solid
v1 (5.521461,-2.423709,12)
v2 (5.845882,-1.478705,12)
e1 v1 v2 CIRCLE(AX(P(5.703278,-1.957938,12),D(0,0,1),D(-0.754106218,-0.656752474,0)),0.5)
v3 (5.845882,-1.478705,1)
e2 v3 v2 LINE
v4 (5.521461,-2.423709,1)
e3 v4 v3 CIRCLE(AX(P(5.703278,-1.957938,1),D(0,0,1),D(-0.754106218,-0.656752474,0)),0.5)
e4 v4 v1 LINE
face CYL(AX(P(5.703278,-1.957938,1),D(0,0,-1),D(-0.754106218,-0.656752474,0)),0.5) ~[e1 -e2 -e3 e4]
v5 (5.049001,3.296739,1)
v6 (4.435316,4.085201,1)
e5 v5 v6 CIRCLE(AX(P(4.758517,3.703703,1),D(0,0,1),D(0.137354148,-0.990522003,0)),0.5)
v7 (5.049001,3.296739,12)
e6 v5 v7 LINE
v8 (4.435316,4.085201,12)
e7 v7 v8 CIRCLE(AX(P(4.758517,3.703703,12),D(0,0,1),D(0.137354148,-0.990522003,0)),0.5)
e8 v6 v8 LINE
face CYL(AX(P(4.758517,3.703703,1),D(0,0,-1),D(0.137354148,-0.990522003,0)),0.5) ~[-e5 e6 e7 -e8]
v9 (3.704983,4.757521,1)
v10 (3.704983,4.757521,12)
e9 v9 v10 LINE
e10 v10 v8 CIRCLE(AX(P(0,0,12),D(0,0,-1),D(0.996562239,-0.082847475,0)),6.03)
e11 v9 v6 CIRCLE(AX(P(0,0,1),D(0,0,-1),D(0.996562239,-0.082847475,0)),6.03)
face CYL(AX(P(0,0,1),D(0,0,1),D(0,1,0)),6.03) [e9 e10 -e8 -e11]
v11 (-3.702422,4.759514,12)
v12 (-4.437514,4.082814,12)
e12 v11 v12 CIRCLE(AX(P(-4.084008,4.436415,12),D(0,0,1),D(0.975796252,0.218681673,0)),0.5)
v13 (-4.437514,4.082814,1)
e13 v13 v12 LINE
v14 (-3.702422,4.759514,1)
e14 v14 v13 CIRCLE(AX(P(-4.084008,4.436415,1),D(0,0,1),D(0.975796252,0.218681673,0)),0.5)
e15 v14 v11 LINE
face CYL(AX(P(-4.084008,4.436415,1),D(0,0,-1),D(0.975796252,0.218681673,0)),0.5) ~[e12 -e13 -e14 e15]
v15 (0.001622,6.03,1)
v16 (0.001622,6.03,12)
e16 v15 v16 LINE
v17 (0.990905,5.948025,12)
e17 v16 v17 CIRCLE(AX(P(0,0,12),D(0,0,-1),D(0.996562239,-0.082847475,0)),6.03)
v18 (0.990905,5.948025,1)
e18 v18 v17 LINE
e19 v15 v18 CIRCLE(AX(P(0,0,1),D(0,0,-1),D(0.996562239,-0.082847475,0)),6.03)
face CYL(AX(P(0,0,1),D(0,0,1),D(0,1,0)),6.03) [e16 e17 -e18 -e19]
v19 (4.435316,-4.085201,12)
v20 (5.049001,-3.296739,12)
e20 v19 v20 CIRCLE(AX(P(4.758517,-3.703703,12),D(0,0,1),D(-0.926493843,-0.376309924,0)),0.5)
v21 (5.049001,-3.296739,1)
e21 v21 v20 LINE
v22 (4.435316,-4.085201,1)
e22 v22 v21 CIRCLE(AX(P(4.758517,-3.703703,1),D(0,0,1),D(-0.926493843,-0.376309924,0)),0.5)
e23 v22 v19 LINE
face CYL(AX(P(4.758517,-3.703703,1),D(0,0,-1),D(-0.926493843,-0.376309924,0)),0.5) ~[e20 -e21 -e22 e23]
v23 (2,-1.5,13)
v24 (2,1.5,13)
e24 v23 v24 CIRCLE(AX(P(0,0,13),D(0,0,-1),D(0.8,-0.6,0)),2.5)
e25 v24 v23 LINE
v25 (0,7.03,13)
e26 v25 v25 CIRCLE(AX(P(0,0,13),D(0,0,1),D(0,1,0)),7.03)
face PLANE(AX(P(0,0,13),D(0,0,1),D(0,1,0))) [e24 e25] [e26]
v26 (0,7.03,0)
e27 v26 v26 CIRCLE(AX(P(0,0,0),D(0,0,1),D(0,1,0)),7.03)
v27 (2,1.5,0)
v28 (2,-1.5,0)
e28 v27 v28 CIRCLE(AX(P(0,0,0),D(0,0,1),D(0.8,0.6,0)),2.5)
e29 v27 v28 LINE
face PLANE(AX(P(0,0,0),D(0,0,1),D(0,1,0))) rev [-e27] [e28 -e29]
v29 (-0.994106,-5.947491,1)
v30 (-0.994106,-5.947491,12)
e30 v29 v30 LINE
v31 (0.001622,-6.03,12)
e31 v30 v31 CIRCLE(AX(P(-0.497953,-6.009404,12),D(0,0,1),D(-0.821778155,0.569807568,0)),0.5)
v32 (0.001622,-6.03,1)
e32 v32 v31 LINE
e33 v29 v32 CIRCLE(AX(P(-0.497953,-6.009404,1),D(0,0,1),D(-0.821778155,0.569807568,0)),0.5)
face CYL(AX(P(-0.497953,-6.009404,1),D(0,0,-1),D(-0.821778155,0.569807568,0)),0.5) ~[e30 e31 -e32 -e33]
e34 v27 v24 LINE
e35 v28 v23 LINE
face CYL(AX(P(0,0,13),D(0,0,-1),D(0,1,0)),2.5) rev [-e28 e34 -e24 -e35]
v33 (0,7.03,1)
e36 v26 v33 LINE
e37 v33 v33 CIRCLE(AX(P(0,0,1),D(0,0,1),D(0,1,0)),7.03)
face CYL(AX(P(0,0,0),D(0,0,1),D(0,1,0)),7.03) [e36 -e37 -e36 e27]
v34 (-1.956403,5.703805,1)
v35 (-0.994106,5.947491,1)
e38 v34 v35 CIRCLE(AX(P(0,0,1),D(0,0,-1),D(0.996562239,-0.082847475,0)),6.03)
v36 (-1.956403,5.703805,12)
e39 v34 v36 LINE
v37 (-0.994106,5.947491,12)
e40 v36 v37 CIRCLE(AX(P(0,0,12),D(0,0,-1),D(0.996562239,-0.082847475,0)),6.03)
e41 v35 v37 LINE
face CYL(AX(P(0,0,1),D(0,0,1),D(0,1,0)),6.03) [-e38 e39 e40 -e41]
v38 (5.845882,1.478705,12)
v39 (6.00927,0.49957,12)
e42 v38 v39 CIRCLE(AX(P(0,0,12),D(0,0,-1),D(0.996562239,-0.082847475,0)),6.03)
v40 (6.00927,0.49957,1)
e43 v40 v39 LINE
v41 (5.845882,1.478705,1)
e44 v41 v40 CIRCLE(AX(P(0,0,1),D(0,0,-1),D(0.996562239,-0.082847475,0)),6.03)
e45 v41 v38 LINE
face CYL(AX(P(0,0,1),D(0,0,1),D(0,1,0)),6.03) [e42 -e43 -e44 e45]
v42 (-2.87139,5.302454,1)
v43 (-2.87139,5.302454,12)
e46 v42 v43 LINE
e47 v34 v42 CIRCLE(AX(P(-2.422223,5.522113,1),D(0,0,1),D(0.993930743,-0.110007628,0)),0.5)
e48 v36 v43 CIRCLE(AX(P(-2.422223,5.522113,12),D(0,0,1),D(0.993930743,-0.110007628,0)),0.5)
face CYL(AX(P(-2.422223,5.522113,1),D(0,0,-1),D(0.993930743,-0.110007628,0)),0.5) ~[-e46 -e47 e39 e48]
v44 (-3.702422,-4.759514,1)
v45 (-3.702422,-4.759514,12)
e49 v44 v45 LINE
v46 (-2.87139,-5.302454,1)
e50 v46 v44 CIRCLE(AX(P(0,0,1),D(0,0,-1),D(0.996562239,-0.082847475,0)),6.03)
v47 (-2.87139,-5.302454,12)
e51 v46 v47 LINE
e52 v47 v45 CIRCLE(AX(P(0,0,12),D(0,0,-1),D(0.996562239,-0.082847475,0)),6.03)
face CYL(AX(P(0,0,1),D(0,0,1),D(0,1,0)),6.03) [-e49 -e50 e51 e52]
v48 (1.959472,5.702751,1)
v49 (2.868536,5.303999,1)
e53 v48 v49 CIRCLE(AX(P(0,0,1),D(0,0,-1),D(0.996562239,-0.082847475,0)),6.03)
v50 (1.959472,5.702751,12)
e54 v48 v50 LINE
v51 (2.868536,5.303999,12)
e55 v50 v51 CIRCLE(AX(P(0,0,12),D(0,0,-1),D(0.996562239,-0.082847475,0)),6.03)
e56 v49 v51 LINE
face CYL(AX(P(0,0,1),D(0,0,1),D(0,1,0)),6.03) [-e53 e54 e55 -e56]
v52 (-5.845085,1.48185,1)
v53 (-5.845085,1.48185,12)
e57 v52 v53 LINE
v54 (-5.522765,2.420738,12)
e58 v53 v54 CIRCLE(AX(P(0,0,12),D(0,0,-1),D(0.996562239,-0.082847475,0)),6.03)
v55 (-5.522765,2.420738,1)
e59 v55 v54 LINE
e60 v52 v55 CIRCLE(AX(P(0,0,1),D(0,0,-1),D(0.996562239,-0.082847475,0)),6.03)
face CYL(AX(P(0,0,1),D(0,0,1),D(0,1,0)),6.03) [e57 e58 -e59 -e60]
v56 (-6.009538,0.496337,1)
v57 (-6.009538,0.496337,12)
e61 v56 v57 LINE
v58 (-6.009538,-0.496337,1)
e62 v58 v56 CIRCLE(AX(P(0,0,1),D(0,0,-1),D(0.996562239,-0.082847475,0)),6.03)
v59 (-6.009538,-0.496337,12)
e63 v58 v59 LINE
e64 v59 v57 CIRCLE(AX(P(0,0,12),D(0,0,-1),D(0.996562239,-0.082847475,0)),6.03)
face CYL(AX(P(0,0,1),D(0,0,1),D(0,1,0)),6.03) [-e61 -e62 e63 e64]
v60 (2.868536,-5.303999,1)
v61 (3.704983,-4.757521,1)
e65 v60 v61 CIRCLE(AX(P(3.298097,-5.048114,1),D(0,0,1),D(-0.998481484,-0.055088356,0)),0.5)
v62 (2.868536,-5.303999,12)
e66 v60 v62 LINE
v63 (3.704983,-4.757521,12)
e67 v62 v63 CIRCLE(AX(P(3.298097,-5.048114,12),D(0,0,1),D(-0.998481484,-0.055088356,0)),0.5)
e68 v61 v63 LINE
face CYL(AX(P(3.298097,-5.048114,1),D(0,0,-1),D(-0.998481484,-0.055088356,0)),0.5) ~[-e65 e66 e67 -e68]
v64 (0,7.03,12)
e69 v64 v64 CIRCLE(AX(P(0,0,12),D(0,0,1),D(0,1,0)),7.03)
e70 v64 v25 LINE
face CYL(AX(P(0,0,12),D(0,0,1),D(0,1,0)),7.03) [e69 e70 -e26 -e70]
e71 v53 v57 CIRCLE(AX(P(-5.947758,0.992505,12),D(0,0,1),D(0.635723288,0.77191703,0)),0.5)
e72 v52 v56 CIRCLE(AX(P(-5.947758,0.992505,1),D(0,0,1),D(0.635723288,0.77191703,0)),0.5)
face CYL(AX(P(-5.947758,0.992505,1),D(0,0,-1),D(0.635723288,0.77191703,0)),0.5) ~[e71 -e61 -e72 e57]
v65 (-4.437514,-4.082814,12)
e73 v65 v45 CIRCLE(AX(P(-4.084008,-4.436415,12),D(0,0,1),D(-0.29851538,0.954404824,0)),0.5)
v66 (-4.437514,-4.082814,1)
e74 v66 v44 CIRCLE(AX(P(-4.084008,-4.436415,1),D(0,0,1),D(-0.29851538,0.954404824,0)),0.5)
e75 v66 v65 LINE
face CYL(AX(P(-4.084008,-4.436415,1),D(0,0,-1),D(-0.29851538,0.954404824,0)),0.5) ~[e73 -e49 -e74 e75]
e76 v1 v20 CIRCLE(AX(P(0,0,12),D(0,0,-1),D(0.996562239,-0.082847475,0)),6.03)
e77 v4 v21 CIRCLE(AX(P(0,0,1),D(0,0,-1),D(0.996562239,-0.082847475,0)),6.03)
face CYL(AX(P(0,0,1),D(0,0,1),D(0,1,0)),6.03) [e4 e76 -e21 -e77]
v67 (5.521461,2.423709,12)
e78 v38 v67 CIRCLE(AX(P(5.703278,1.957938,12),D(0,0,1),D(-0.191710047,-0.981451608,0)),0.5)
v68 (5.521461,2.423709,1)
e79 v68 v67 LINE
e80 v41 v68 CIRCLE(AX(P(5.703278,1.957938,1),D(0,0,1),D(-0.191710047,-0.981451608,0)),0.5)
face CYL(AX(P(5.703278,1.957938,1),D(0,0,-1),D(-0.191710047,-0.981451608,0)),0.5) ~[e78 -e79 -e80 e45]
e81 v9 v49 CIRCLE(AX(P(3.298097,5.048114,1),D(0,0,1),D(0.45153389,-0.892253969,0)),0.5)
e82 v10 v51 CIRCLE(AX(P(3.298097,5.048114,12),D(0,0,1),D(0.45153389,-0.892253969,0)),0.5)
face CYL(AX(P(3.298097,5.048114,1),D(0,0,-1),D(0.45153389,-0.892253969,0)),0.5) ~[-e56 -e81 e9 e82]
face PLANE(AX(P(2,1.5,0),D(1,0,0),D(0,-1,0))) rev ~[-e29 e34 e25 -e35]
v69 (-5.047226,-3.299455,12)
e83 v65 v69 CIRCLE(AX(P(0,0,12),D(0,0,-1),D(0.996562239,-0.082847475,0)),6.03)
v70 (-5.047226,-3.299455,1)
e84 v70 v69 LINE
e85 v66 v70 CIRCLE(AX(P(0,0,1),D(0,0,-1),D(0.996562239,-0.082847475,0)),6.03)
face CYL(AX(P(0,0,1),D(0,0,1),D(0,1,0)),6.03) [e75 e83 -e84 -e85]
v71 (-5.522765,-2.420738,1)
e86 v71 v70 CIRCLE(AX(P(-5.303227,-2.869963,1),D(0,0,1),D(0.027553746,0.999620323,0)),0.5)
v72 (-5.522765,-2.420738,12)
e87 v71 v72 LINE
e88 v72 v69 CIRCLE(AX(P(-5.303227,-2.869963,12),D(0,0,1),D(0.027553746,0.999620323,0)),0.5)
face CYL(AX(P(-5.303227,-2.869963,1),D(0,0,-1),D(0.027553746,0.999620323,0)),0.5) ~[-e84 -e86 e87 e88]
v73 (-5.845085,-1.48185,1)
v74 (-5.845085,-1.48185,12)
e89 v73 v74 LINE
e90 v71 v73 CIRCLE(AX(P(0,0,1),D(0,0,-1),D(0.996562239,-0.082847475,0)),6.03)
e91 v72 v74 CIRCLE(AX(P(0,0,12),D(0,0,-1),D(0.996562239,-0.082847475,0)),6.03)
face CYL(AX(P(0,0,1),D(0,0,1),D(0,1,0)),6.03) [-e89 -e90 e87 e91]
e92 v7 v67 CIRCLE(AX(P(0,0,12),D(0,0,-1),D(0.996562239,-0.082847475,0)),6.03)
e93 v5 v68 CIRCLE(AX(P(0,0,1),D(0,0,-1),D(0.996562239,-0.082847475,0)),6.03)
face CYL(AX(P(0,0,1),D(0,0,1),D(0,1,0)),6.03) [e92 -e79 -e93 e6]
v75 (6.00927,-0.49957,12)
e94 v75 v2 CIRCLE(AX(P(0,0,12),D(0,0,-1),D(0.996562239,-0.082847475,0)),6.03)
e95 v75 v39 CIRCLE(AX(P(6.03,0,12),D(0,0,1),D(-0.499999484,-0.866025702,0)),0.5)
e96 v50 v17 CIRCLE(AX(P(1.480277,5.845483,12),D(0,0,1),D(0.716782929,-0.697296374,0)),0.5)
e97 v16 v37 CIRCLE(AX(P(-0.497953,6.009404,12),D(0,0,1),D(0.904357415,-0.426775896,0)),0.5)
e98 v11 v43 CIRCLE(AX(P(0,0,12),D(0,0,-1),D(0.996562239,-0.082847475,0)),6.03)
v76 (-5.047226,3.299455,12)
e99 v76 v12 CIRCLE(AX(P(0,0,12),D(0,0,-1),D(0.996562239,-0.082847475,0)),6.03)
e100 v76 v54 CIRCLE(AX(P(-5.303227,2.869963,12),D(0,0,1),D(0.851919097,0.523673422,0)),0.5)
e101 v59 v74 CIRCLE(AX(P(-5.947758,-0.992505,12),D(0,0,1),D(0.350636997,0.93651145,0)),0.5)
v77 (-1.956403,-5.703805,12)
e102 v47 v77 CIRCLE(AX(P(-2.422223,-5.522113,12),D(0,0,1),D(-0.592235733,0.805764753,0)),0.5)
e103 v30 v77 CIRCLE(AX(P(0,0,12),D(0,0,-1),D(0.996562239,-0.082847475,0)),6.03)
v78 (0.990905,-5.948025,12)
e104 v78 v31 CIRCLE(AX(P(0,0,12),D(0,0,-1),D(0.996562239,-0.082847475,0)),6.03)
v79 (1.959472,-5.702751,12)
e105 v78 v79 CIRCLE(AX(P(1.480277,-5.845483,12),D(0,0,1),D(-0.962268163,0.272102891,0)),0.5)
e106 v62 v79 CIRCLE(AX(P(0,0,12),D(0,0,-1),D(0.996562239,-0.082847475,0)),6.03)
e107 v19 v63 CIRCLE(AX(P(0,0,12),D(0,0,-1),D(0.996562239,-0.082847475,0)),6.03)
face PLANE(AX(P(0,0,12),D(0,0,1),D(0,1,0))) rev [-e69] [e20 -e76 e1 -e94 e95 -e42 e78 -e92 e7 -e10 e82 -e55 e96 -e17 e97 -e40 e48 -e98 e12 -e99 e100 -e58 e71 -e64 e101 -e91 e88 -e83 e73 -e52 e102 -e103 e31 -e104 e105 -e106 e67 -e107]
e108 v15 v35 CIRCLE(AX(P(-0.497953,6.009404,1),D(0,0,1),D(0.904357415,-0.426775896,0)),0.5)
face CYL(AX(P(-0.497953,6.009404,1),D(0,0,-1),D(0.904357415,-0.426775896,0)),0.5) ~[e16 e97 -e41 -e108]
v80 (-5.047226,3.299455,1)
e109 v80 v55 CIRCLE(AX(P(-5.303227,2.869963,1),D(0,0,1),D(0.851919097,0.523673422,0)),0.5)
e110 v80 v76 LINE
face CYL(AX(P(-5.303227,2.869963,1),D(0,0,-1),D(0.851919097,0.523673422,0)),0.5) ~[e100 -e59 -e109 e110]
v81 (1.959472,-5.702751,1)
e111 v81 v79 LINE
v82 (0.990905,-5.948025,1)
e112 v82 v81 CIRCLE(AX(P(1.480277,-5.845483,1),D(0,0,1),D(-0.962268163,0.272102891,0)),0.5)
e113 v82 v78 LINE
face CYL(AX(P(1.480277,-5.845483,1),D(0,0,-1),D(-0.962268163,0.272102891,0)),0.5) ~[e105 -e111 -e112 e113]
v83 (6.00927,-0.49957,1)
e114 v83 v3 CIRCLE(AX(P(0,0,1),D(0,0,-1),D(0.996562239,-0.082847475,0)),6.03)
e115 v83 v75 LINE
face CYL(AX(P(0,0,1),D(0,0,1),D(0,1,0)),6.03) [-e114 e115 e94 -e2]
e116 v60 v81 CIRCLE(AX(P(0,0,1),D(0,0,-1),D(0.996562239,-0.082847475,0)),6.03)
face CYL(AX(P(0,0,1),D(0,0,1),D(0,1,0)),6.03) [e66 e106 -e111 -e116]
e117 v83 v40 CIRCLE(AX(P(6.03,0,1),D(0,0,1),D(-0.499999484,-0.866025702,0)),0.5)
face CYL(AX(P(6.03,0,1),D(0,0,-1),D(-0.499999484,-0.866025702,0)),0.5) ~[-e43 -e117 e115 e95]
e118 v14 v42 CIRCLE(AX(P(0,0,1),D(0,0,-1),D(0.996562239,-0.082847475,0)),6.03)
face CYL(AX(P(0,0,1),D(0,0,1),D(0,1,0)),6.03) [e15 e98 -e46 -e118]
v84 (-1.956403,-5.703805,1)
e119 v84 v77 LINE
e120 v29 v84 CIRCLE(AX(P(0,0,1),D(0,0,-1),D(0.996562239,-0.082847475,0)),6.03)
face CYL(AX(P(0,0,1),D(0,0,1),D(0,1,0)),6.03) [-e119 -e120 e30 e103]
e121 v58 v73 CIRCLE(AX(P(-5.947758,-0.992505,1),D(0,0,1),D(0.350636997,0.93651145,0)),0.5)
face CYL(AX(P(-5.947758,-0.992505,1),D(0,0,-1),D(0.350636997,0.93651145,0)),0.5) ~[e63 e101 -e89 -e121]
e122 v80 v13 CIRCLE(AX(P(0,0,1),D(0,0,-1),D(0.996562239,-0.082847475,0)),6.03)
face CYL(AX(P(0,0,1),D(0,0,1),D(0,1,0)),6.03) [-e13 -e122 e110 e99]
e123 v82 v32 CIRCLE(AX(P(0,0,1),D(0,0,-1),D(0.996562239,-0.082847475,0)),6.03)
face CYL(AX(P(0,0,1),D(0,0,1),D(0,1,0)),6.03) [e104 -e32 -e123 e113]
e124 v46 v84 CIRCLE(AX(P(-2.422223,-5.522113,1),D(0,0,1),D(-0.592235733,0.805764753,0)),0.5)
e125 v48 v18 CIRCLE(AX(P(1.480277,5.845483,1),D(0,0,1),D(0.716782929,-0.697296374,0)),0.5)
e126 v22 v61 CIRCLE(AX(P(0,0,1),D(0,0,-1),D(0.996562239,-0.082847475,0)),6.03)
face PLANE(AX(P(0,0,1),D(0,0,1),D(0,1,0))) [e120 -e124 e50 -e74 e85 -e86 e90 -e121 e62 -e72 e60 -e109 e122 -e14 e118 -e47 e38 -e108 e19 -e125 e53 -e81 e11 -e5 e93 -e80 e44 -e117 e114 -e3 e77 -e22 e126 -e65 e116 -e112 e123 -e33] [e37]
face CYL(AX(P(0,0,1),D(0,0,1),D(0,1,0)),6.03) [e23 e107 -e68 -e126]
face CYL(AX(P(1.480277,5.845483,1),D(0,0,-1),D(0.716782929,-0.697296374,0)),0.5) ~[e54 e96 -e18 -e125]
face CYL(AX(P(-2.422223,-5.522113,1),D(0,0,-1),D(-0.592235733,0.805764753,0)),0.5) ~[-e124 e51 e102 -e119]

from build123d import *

# Parameters (mm, degrees)
PAD033_DEPTH          = 11
POLARPATTERN002_COUNT = 19
PAD034_DEPTH          = 13


with BuildPart() as part:
    # Sketch066 → Revolution003 (revolve)
    with BuildSketch(Plane.YZ):
        Polygon((2.5, 0), (7.03, 0), (7.03, 1), (6.03, 1), (6.03, 12), (7.03, 12), (7.03, 13), (2.5, 13), align=None)
    revolve(axis=Axis((0, 0, 0), (0, 0, 1)))

    # Sketch065 → Pad033 (new body)
    with BuildSketch(Plane.XY.offset(1)):
        with BuildLine():
            ThreePointArc((5.78, -0.433013), (6.53, 0), (5.78, 0.433013))
            Line((5.78, 0.433013), (5.78, -0.433013))
        make_face()
    pad033 = extrude(amount=PAD033_DEPTH)

    # PolarPattern002: Pad033 ×19 about axis
    polarpattern002_axis = Axis((0, 0, 1), (0, 0, 1))
    for i in range(1, POLARPATTERN002_COUNT):
        add(pad033.rotate(polarpattern002_axis, i * 360 / POLARPATTERN002_COUNT))

    # Sketch067 → Pad034 (join)
    with BuildSketch(Plane.XY):
        with BuildLine():
            ThreePointArc((2, -1.5), (2.5, 0), (2, 1.5))
            Line((2, 1.5), (2, -1.5))
        make_face()
    extrude(amount=PAD034_DEPTH)


solid = part.part
